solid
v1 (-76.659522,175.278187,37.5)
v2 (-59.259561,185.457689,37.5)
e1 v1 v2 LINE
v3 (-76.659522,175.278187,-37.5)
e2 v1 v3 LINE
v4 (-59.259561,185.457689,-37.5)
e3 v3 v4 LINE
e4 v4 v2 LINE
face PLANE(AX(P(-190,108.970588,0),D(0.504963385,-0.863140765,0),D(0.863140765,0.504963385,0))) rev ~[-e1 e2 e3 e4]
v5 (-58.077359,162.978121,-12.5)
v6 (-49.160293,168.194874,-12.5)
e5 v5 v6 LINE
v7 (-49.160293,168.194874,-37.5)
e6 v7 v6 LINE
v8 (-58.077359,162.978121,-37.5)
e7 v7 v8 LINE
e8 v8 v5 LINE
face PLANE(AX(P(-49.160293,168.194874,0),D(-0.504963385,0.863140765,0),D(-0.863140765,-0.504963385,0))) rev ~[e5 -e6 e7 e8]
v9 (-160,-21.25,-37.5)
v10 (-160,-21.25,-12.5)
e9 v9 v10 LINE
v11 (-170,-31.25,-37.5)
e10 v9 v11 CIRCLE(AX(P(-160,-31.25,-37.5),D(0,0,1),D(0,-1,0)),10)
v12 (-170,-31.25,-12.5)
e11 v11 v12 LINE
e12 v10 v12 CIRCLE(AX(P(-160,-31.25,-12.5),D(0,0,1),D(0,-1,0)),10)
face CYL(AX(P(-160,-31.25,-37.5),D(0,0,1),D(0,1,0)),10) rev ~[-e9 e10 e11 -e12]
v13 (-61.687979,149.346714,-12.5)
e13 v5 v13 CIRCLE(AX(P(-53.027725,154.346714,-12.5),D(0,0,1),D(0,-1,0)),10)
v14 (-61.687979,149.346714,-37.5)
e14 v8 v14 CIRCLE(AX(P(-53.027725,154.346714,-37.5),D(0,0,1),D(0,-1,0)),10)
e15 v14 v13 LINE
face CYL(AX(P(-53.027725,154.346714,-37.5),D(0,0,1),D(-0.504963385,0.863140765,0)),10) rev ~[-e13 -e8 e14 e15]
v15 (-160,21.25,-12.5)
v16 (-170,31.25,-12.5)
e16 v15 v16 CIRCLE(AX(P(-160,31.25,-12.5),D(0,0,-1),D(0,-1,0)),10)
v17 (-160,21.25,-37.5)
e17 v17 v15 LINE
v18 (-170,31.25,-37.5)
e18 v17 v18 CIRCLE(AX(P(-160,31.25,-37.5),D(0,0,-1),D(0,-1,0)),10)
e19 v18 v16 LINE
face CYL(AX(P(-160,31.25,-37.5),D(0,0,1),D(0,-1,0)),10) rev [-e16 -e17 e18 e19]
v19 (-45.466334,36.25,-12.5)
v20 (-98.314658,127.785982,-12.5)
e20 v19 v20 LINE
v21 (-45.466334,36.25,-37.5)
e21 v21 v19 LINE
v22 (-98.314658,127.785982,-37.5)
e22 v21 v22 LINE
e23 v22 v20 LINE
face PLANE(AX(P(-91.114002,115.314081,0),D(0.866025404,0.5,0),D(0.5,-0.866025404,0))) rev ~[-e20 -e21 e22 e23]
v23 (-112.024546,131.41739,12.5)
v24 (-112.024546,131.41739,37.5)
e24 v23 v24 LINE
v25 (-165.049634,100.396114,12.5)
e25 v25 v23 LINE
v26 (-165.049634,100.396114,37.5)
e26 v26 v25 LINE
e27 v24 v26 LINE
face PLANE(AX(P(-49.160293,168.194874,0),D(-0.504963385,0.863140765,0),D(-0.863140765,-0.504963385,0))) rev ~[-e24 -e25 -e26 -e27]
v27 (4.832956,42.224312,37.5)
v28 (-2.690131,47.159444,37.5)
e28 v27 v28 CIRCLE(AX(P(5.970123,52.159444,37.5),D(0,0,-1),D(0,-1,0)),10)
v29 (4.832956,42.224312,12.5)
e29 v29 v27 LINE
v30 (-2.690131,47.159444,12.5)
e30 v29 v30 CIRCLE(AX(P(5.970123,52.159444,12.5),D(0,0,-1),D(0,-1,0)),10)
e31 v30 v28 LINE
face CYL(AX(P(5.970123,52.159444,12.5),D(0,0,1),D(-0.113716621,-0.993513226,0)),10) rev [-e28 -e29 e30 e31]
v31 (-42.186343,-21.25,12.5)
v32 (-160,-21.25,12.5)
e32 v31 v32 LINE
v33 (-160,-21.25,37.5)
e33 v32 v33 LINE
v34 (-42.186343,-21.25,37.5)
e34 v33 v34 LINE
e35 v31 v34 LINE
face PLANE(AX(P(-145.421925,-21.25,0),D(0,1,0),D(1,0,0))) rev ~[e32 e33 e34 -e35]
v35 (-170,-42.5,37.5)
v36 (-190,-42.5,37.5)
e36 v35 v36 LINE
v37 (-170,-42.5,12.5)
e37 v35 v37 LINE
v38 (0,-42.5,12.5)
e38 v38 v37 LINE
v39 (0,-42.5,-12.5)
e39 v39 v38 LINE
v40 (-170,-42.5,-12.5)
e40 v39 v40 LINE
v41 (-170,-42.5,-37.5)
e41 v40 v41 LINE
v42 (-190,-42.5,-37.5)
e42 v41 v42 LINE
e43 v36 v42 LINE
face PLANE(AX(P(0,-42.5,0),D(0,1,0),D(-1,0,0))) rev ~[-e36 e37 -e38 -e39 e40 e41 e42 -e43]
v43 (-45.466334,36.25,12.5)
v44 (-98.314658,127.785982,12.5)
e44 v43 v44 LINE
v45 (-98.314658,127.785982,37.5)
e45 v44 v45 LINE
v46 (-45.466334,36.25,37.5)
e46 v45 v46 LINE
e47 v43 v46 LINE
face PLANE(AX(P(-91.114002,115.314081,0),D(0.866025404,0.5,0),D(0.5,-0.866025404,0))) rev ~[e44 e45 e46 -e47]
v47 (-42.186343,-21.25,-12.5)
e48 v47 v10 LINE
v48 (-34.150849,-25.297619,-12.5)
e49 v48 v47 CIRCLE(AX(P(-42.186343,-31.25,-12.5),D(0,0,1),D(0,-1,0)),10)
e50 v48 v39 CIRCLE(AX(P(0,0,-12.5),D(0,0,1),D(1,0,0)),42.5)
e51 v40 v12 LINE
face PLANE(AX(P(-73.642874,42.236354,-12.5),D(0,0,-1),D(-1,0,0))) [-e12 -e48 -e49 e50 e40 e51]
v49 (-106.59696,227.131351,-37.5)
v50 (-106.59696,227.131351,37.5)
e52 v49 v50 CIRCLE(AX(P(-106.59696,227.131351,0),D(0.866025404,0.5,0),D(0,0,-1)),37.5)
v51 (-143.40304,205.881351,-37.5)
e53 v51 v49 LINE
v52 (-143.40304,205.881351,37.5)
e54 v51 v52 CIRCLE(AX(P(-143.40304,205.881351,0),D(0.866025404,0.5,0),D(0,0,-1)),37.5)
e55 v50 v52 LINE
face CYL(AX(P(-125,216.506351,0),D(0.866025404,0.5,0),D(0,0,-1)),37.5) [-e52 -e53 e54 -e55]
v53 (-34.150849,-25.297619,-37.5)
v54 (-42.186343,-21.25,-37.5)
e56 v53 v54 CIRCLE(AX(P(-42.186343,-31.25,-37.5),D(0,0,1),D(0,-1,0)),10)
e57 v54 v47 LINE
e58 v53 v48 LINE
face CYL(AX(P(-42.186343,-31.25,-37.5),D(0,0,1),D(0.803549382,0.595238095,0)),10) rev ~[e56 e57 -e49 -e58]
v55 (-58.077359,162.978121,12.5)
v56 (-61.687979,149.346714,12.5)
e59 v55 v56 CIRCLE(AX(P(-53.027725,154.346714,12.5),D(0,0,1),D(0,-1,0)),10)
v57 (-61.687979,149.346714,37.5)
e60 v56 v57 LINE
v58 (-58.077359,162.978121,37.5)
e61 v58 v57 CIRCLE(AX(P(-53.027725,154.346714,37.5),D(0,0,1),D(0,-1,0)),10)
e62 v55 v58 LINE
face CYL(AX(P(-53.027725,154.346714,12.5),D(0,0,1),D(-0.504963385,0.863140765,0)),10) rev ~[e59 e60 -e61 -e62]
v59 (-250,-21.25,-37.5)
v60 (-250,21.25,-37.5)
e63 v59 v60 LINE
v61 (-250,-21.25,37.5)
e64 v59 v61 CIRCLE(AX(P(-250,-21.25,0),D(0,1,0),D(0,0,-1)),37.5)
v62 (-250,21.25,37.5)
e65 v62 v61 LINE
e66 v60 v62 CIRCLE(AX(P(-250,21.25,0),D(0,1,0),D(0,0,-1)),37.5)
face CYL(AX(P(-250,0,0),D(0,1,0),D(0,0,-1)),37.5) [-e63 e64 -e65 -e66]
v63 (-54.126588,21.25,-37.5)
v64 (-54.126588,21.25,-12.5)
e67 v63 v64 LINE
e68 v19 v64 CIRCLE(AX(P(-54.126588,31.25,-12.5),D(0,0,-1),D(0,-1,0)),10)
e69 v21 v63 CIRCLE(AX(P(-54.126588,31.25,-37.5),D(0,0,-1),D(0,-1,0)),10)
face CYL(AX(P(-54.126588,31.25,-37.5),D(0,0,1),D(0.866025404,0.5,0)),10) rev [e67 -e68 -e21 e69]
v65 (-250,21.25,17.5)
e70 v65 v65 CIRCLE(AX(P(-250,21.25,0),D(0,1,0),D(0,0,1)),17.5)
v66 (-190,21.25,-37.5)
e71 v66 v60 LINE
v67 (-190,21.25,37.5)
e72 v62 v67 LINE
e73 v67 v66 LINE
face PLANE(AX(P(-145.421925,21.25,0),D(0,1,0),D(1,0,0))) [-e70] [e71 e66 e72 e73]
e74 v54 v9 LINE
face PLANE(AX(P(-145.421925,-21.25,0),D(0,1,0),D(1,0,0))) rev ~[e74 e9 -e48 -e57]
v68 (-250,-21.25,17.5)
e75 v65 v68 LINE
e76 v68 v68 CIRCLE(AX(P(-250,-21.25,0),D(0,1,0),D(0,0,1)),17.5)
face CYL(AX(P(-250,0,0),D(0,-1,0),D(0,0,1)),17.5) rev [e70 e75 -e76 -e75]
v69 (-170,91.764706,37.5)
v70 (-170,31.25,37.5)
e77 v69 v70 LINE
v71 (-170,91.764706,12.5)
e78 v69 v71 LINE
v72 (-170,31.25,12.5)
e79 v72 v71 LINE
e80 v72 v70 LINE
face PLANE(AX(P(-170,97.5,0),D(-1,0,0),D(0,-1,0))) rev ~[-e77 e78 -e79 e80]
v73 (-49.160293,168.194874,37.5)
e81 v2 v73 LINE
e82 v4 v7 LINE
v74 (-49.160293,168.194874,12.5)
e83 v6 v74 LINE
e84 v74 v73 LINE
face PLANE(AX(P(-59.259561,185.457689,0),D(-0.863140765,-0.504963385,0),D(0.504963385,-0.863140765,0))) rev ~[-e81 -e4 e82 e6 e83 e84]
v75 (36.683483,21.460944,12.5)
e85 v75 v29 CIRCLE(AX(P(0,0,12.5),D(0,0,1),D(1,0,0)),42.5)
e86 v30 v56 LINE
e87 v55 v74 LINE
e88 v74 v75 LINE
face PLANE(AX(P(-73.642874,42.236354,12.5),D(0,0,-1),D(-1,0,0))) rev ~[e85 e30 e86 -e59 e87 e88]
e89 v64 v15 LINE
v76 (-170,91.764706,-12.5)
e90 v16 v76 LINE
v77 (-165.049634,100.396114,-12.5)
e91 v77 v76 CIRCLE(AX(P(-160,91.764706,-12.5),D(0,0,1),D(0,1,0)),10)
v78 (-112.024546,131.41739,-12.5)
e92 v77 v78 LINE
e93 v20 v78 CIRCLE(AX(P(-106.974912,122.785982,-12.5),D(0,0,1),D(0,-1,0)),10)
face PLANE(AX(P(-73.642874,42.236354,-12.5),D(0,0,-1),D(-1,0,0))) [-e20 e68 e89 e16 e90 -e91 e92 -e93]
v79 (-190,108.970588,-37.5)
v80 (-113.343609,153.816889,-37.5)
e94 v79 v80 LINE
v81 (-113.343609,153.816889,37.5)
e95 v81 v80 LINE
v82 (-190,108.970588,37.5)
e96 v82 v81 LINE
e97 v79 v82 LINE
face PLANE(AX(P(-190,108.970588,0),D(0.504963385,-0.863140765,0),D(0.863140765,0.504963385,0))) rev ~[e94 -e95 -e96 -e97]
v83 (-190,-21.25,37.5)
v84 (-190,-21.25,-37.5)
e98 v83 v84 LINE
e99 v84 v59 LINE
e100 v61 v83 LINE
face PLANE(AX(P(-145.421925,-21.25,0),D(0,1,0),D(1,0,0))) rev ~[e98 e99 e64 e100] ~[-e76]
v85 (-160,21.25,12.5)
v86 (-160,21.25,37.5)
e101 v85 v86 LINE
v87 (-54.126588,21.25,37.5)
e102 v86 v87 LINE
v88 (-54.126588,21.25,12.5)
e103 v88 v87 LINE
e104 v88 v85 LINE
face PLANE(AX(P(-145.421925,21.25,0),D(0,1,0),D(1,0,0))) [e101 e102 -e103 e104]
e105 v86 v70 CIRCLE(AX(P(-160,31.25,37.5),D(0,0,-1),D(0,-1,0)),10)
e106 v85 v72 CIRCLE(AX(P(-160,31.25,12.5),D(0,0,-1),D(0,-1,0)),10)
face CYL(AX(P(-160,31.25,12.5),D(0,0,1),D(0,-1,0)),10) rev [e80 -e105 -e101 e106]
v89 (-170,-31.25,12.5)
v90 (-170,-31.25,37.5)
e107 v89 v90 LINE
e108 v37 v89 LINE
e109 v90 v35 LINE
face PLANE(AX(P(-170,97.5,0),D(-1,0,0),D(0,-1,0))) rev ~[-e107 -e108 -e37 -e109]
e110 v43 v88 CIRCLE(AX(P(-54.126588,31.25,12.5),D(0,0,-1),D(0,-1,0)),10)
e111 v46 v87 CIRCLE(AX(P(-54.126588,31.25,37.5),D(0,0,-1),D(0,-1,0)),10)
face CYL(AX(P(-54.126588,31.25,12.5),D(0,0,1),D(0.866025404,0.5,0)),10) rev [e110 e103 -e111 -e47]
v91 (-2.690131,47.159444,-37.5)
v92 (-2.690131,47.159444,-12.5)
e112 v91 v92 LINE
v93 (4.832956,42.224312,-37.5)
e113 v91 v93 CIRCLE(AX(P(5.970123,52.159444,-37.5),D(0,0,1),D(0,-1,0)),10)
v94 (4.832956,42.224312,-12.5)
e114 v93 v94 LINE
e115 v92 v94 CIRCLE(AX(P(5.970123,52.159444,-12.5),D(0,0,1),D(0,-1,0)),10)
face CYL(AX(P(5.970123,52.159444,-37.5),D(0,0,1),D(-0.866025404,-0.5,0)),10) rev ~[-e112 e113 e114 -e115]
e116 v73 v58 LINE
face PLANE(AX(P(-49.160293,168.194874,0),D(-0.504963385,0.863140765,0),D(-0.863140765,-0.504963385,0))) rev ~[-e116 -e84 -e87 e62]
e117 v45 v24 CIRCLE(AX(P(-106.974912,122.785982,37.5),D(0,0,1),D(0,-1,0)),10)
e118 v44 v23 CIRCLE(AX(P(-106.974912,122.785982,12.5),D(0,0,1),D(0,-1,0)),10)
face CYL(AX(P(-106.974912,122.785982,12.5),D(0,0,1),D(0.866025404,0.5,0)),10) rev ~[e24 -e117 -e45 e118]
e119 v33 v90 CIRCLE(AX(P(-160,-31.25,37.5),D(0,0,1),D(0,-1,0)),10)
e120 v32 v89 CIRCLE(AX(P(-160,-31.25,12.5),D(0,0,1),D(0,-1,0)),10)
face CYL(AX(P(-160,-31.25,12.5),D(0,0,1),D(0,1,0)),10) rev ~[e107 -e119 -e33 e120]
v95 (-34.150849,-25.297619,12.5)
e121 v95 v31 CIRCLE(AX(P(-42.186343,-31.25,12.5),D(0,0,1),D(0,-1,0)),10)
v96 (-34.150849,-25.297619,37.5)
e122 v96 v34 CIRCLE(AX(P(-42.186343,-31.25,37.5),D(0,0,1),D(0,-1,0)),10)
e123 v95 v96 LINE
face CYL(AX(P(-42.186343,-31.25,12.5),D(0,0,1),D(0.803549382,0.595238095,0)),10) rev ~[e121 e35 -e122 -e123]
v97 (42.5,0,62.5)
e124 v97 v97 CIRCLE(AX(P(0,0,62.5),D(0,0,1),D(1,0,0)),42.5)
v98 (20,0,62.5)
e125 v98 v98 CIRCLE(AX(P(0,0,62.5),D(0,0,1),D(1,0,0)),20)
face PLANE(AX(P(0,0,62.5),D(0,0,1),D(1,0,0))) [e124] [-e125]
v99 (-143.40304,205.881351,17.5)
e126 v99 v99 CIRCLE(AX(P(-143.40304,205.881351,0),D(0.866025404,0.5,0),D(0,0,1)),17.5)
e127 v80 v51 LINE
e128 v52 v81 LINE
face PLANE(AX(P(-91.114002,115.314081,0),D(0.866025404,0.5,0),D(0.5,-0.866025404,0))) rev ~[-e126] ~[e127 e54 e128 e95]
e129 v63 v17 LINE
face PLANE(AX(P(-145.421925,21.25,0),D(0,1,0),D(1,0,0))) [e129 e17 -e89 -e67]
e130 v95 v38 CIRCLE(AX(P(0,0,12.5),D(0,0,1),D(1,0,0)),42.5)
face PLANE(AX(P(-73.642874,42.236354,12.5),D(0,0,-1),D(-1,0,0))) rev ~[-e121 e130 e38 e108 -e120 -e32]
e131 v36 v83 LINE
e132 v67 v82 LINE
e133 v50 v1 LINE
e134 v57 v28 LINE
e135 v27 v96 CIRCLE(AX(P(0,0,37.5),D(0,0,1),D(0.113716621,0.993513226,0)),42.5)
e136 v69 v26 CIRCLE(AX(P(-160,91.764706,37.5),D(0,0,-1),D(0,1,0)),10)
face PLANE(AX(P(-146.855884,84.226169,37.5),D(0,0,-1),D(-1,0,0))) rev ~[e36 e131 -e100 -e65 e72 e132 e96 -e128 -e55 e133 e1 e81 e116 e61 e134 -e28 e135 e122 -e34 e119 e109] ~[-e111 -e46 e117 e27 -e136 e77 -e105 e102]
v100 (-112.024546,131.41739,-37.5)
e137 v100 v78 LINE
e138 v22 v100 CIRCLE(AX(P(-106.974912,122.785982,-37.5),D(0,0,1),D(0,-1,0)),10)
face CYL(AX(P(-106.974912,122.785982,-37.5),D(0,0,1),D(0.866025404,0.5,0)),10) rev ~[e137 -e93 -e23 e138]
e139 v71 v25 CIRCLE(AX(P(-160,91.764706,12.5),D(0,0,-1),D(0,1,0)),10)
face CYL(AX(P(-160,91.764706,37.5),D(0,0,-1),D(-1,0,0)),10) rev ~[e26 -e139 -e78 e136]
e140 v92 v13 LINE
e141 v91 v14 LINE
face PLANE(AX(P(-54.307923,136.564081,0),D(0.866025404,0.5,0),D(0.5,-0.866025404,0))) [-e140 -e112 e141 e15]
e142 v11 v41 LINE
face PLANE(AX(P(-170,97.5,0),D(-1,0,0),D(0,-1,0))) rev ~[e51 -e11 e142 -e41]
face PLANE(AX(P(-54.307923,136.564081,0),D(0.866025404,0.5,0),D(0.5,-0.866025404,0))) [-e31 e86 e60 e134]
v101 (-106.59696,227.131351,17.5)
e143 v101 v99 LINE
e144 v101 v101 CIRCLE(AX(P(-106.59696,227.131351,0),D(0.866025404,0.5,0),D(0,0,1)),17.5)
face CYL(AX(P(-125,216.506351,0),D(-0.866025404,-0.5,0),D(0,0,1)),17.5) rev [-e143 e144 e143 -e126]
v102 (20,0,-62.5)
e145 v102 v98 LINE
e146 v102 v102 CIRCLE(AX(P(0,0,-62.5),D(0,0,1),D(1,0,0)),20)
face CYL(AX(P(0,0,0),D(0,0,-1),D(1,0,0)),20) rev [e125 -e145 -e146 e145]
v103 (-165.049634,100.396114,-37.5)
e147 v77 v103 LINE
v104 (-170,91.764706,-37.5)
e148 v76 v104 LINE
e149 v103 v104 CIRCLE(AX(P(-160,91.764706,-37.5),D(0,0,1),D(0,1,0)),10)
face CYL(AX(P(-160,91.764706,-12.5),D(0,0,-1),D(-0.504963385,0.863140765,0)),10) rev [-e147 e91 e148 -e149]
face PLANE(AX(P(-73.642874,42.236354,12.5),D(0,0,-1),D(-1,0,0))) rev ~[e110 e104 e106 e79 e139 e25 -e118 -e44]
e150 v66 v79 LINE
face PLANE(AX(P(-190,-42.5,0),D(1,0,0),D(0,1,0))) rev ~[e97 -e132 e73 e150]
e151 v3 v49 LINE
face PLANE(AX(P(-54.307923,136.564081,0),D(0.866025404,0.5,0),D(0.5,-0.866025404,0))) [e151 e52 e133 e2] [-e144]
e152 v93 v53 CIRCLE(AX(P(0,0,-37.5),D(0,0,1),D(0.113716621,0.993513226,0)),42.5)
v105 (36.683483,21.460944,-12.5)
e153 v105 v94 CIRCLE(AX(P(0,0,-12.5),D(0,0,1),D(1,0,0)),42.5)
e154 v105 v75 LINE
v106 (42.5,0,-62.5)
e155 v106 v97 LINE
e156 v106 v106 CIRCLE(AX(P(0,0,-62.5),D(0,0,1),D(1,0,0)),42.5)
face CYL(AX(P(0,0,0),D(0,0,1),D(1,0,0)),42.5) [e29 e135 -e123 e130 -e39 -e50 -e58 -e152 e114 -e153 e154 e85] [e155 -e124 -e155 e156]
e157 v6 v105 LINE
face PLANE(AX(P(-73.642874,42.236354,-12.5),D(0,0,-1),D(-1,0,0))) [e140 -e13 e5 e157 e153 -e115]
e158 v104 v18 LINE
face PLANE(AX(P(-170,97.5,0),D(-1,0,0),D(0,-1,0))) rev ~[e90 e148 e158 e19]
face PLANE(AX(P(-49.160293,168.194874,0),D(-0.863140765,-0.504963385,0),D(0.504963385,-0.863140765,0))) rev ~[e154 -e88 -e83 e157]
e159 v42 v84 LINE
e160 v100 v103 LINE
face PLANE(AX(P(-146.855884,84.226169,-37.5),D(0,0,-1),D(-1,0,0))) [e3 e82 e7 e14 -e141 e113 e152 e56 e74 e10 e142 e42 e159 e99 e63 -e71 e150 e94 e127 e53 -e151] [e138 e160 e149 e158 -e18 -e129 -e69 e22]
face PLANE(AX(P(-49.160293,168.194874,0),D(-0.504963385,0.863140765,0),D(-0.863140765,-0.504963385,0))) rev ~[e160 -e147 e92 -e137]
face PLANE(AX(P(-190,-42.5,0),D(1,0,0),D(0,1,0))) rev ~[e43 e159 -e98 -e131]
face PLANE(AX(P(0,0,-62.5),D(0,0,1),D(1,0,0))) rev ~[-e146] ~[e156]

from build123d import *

# Parameters (mm, degrees)
SKETCH1_R           = 42.5
SKETCH1_R_2         = 20
BOSS_EXTRUDE1_DEPTH = 62.5
SKETCH2_R           = 17.5
BOSS_EXTRUDE2_DEPTH = 21.25
CIRPATTERN1_COUNT   = 2
CIRPATTERN1_ANGLE   = 300
SKETCH3_R           = 20
BOSS_EXTRUDE3_DEPTH = 12.5
BOSS_EXTRUDE4_DEPTH = 37.5
FILLET1_R           = 10


with BuildPart() as part:
    # Sketch1 → Boss-Extrude1 (new, symmetric)
    with BuildSketch(Plane.XY):
        Circle(SKETCH1_R)
        Circle(SKETCH1_R_2, mode=Mode.SUBTRACT)
    extrude(amount=BOSS_EXTRUDE1_DEPTH, both=True)

    # Sketch2 → Boss-Extrude2 (add, symmetric)
    with BuildSketch(Plane(origin=(0, 0, 0), x_dir=(1, 0, 0), z_dir=(0, 1, 0))):
        with BuildLine():
            Line((-20, -37.5), (-20, 37.5))
            Line((-20, 37.5), (-250, 37.5))
            ThreePointArc((-250, 37.5), (-287.5, 0), (-250, -37.5))
            Line((-250, -37.5), (-20, -37.5))
        make_face()
        with Locations(Location((-250, 0, 0), (0, 0, 270))):
            Circle(SKETCH2_R, mode=Mode.SUBTRACT)
    boss_extrude2 = extrude(amount=BOSS_EXTRUDE2_DEPTH, both=True)

    # CirPattern1: Boss-Extrude2 ×2 about axis
    cirpattern1_axis = Axis((0, 0, 62.5), (0, 0, 1))
    for i in range(1, CIRPATTERN1_COUNT):
        add(boss_extrude2.rotate(cirpattern1_axis, i * CIRPATTERN1_ANGLE / (CIRPATTERN1_COUNT - 1)))

    # Sketch3 → Boss-Extrude3 (add, symmetric)
    with BuildSketch(Plane.XY):
        with BuildLine():
            Line((0, -42.5), (-170, -42.5))
            Line((-170, -42.5), (-170, 97.5))
            Line((-170, 97.5), (-49.160292921, 168.194873881))
            Line((-49.160292921, 168.194873881), (36.683482506, 21.460943857))
            ThreePointArc((36.683482506, 21.460943857), (36.866923617, -21.144265015), (0, -42.5))
        make_face()
        Circle(SKETCH3_R, mode=Mode.SUBTRACT)
    extrude(amount=BOSS_EXTRUDE3_DEPTH, both=True)

    # Sketch4 → Boss-Extrude4 (add, symmetric)
    with BuildSketch(Plane.XY):
        Polygon((-49.160292921, 168.194873881), (-170, 97.5), (-170, -42.5), (-190, -42.5), (-190, 108.970588235), (-59.259560618, 185.457689178), align=None)
    extrude(amount=BOSS_EXTRUDE4_DEPTH, both=True)

    # Fillet1
    fillet1_edges = [part.edges().sort_by_distance(p)[0] for p in [
        (-36.806079661, -21.25, -25),
        (-36.806079661, 21.25, -25),
        (-66.659357171, 157.95739342, -25),
        (-66.659357171, 157.95739342, 25),
        (-103.343444163, 136.49609592, -25),
        (-170, 97.5, -25),
        (-103.343444163, 136.49609592, 25),
        (-170, 97.5, 25),
        (-170, 21.25, -25),
        (-170, 21.25, 25),
        (-170, -21.25, -25),
        (-170, -21.25, 25),
        (0, 42.5, -25),
        (-36.806079661, 21.25, 25),
        (0, 42.5, 25),
        (-36.806079661, -21.25, 25),
    ]]
    fillet(fillet1_edges, radius=FILLET1_R)


solid = part.part
